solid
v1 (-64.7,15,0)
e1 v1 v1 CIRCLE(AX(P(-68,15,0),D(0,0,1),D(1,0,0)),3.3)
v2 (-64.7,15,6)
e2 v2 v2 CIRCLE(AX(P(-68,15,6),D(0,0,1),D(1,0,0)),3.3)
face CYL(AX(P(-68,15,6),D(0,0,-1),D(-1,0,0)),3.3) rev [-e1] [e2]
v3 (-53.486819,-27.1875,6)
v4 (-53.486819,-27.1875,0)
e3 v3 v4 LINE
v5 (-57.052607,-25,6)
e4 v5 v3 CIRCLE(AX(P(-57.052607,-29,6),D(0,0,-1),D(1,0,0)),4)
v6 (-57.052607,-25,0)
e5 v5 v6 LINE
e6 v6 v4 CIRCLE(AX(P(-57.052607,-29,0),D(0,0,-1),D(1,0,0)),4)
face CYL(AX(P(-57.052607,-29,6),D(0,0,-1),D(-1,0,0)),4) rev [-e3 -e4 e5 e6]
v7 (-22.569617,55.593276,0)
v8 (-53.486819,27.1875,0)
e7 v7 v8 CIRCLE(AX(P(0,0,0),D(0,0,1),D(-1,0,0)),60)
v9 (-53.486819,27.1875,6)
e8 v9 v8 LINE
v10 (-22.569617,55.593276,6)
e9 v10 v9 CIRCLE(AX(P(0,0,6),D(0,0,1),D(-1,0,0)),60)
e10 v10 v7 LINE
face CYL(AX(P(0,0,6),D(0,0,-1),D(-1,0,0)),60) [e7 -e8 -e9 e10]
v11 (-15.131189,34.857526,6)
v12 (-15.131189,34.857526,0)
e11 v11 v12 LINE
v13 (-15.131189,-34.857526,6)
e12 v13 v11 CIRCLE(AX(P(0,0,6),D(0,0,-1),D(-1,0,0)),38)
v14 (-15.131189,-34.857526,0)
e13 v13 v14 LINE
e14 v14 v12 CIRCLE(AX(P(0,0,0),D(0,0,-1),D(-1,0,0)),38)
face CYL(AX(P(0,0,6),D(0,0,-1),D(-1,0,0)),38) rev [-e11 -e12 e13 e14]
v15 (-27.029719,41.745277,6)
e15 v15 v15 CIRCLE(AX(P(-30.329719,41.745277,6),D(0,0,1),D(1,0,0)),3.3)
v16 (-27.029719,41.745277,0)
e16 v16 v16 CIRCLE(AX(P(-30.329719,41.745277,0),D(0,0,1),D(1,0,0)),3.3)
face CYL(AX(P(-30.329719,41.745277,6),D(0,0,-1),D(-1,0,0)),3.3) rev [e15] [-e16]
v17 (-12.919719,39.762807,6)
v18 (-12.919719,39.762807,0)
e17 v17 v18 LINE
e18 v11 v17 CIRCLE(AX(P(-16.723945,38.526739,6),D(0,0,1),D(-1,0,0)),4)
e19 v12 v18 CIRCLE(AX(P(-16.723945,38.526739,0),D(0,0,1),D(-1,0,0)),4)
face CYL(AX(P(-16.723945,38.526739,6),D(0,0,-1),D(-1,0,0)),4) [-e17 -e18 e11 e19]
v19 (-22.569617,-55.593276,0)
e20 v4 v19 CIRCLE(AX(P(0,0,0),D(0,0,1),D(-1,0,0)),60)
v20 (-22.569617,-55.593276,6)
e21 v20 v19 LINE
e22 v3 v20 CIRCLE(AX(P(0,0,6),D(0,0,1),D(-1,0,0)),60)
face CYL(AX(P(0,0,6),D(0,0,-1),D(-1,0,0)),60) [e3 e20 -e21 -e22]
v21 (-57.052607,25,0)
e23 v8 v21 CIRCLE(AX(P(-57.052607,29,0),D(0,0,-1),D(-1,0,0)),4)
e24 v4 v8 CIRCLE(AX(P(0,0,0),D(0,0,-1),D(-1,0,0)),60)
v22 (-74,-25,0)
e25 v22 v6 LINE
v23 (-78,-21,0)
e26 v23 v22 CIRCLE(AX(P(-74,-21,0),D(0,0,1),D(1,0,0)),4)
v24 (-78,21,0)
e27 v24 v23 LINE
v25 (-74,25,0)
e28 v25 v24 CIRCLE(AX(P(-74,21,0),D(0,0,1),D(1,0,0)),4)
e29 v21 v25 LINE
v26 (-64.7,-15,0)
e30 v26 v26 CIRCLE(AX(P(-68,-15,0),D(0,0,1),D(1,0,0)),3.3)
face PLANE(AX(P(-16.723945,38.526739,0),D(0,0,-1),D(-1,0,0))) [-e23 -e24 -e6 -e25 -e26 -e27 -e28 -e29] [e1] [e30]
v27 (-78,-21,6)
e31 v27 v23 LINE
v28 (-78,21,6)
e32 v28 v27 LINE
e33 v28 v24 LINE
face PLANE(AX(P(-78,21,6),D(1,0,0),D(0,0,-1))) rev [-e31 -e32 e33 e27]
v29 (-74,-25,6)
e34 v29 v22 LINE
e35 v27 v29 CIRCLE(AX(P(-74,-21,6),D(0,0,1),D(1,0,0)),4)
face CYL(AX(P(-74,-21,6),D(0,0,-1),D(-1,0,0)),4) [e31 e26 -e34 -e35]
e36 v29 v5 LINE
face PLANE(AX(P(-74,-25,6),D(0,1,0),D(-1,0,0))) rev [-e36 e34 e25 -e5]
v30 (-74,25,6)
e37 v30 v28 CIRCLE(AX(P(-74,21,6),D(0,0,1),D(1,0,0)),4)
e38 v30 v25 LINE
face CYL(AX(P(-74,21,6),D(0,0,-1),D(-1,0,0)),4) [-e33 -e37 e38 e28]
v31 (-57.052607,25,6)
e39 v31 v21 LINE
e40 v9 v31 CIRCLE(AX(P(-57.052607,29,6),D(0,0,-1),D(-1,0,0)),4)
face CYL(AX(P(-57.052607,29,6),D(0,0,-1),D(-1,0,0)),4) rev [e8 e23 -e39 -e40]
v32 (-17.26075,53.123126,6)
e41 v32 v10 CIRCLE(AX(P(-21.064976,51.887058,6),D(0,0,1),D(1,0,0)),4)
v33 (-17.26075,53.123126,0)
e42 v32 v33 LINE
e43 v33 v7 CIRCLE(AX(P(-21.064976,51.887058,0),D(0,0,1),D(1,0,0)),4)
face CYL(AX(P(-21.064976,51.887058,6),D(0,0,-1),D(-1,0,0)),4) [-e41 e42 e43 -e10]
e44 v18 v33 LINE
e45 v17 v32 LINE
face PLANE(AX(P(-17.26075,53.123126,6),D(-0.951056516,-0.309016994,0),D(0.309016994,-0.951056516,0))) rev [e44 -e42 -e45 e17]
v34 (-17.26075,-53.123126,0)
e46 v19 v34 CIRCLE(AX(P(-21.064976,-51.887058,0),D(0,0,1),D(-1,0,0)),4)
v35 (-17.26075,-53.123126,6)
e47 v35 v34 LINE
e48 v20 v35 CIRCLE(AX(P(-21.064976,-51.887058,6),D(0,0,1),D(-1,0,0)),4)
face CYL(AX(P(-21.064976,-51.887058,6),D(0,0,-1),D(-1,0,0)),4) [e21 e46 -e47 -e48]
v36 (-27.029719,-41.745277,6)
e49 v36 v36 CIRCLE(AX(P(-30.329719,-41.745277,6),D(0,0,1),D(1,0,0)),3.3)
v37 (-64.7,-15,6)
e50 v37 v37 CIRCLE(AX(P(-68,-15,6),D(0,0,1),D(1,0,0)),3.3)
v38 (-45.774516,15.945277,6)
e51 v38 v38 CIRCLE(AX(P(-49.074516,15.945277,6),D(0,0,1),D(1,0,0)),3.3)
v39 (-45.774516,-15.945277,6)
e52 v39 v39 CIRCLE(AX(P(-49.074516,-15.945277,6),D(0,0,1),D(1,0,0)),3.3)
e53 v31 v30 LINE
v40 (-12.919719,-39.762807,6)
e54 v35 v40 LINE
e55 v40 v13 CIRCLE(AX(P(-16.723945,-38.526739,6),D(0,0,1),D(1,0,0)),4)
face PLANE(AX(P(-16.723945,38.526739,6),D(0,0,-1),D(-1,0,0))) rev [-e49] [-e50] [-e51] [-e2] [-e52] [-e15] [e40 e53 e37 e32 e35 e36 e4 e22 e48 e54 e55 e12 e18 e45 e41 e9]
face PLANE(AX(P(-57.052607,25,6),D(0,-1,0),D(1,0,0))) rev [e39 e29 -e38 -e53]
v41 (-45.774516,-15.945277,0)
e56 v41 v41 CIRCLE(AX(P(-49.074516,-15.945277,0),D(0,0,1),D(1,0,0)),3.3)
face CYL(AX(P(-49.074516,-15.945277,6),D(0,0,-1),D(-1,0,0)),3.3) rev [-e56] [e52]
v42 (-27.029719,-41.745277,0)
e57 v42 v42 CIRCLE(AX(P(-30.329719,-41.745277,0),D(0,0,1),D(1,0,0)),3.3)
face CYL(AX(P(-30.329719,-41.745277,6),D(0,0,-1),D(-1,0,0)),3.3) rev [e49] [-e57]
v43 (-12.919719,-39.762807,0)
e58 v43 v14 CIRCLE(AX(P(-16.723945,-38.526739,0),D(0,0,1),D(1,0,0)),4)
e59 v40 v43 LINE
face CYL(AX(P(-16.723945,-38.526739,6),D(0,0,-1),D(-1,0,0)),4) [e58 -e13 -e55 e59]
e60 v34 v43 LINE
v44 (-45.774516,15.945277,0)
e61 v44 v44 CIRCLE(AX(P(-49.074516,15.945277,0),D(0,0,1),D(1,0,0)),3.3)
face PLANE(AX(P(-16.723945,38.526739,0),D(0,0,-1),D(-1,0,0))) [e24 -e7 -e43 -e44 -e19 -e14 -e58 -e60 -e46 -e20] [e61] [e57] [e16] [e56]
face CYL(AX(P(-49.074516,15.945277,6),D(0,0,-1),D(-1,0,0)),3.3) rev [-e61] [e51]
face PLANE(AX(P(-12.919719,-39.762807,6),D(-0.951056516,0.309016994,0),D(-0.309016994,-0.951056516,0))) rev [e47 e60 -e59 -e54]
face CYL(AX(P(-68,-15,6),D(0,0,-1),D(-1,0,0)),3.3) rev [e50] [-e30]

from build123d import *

# Parameters (mm, degrees)
SKETCH1_R           = 3.3
BOSS_EXTRUDE1_DEPTH = 6


with BuildPart() as part:
    # Sketch1 → Boss-Extrude1 (new body)
    with BuildSketch(Plane.XY):
        with BuildLine():
            Line((-17.260749948, 53.123125955), (-12.919719305, 39.762807409))
            ThreePointArc((-12.919719305, 39.762807409), (-13.077398812, 36.882750928), (-15.131188668, 34.857526153))
            ThreePointArc((-15.131188668, 34.857526153), (-38, 0), (-15.131188668, -34.857526153))
            ThreePointArc((-15.131188668, -34.857526153), (-13.077398812, -36.882750928), (-12.919719305, -39.762807409))
            Line((-12.919719305, -39.762807409), (-17.260749948, -53.123125955))
            ThreePointArc((-17.260749948, -53.123125955), (-19.377542011, -55.513704705), (-22.569617157, -55.593276404))
            ThreePointArc((-22.569617157, -55.593276404), (-40.59393325, -44.182944485), (-53.486819346, -27.1875))
            ThreePointArc((-53.486819346, -27.1875), (-54.960957236, -25.590454576), (-57.052607302, -25))
            Line((-57.052607302, -25), (-74, -25))
            ThreePointArc((-74, -25), (-76.828427125, -23.828427125), (-78, -21))
            Line((-78, -21), (-78, 21))
            ThreePointArc((-78, 21), (-76.828427125, 23.828427125), (-74, 25))
            Line((-74, 25), (-57.052607302, 25))
            ThreePointArc((-57.052607302, 25), (-54.960957236, 25.590454576), (-53.486819346, 27.1875))
            ThreePointArc((-53.486819346, 27.1875), (-40.59393325, 44.182944485), (-22.569617157, 55.593276404))
            ThreePointArc((-22.569617157, 55.593276404), (-19.377542011, 55.513704705), (-17.260749948, 53.123125955))
        make_face()
        with Locations((-30.329719018, -41.74527691)):
            Circle(SKETCH1_R, mode=Mode.SUBTRACT)
        with Locations((-49.074516241, -15.94527691)):
            Circle(SKETCH1_R, mode=Mode.SUBTRACT)
        with Locations((-49.074516241, 15.94527691)):
            Circle(SKETCH1_R, mode=Mode.SUBTRACT)
        with Locations((-30.329719018, 41.74527691)):
            Circle(SKETCH1_R, mode=Mode.SUBTRACT)
        with Locations((-68, 15)):
            Circle(SKETCH1_R, mode=Mode.SUBTRACT)
        with Locations((-68, -15)):
            Circle(SKETCH1_R, mode=Mode.SUBTRACT)
    extrude(amount=BOSS_EXTRUDE1_DEPTH)


solid = part.part
